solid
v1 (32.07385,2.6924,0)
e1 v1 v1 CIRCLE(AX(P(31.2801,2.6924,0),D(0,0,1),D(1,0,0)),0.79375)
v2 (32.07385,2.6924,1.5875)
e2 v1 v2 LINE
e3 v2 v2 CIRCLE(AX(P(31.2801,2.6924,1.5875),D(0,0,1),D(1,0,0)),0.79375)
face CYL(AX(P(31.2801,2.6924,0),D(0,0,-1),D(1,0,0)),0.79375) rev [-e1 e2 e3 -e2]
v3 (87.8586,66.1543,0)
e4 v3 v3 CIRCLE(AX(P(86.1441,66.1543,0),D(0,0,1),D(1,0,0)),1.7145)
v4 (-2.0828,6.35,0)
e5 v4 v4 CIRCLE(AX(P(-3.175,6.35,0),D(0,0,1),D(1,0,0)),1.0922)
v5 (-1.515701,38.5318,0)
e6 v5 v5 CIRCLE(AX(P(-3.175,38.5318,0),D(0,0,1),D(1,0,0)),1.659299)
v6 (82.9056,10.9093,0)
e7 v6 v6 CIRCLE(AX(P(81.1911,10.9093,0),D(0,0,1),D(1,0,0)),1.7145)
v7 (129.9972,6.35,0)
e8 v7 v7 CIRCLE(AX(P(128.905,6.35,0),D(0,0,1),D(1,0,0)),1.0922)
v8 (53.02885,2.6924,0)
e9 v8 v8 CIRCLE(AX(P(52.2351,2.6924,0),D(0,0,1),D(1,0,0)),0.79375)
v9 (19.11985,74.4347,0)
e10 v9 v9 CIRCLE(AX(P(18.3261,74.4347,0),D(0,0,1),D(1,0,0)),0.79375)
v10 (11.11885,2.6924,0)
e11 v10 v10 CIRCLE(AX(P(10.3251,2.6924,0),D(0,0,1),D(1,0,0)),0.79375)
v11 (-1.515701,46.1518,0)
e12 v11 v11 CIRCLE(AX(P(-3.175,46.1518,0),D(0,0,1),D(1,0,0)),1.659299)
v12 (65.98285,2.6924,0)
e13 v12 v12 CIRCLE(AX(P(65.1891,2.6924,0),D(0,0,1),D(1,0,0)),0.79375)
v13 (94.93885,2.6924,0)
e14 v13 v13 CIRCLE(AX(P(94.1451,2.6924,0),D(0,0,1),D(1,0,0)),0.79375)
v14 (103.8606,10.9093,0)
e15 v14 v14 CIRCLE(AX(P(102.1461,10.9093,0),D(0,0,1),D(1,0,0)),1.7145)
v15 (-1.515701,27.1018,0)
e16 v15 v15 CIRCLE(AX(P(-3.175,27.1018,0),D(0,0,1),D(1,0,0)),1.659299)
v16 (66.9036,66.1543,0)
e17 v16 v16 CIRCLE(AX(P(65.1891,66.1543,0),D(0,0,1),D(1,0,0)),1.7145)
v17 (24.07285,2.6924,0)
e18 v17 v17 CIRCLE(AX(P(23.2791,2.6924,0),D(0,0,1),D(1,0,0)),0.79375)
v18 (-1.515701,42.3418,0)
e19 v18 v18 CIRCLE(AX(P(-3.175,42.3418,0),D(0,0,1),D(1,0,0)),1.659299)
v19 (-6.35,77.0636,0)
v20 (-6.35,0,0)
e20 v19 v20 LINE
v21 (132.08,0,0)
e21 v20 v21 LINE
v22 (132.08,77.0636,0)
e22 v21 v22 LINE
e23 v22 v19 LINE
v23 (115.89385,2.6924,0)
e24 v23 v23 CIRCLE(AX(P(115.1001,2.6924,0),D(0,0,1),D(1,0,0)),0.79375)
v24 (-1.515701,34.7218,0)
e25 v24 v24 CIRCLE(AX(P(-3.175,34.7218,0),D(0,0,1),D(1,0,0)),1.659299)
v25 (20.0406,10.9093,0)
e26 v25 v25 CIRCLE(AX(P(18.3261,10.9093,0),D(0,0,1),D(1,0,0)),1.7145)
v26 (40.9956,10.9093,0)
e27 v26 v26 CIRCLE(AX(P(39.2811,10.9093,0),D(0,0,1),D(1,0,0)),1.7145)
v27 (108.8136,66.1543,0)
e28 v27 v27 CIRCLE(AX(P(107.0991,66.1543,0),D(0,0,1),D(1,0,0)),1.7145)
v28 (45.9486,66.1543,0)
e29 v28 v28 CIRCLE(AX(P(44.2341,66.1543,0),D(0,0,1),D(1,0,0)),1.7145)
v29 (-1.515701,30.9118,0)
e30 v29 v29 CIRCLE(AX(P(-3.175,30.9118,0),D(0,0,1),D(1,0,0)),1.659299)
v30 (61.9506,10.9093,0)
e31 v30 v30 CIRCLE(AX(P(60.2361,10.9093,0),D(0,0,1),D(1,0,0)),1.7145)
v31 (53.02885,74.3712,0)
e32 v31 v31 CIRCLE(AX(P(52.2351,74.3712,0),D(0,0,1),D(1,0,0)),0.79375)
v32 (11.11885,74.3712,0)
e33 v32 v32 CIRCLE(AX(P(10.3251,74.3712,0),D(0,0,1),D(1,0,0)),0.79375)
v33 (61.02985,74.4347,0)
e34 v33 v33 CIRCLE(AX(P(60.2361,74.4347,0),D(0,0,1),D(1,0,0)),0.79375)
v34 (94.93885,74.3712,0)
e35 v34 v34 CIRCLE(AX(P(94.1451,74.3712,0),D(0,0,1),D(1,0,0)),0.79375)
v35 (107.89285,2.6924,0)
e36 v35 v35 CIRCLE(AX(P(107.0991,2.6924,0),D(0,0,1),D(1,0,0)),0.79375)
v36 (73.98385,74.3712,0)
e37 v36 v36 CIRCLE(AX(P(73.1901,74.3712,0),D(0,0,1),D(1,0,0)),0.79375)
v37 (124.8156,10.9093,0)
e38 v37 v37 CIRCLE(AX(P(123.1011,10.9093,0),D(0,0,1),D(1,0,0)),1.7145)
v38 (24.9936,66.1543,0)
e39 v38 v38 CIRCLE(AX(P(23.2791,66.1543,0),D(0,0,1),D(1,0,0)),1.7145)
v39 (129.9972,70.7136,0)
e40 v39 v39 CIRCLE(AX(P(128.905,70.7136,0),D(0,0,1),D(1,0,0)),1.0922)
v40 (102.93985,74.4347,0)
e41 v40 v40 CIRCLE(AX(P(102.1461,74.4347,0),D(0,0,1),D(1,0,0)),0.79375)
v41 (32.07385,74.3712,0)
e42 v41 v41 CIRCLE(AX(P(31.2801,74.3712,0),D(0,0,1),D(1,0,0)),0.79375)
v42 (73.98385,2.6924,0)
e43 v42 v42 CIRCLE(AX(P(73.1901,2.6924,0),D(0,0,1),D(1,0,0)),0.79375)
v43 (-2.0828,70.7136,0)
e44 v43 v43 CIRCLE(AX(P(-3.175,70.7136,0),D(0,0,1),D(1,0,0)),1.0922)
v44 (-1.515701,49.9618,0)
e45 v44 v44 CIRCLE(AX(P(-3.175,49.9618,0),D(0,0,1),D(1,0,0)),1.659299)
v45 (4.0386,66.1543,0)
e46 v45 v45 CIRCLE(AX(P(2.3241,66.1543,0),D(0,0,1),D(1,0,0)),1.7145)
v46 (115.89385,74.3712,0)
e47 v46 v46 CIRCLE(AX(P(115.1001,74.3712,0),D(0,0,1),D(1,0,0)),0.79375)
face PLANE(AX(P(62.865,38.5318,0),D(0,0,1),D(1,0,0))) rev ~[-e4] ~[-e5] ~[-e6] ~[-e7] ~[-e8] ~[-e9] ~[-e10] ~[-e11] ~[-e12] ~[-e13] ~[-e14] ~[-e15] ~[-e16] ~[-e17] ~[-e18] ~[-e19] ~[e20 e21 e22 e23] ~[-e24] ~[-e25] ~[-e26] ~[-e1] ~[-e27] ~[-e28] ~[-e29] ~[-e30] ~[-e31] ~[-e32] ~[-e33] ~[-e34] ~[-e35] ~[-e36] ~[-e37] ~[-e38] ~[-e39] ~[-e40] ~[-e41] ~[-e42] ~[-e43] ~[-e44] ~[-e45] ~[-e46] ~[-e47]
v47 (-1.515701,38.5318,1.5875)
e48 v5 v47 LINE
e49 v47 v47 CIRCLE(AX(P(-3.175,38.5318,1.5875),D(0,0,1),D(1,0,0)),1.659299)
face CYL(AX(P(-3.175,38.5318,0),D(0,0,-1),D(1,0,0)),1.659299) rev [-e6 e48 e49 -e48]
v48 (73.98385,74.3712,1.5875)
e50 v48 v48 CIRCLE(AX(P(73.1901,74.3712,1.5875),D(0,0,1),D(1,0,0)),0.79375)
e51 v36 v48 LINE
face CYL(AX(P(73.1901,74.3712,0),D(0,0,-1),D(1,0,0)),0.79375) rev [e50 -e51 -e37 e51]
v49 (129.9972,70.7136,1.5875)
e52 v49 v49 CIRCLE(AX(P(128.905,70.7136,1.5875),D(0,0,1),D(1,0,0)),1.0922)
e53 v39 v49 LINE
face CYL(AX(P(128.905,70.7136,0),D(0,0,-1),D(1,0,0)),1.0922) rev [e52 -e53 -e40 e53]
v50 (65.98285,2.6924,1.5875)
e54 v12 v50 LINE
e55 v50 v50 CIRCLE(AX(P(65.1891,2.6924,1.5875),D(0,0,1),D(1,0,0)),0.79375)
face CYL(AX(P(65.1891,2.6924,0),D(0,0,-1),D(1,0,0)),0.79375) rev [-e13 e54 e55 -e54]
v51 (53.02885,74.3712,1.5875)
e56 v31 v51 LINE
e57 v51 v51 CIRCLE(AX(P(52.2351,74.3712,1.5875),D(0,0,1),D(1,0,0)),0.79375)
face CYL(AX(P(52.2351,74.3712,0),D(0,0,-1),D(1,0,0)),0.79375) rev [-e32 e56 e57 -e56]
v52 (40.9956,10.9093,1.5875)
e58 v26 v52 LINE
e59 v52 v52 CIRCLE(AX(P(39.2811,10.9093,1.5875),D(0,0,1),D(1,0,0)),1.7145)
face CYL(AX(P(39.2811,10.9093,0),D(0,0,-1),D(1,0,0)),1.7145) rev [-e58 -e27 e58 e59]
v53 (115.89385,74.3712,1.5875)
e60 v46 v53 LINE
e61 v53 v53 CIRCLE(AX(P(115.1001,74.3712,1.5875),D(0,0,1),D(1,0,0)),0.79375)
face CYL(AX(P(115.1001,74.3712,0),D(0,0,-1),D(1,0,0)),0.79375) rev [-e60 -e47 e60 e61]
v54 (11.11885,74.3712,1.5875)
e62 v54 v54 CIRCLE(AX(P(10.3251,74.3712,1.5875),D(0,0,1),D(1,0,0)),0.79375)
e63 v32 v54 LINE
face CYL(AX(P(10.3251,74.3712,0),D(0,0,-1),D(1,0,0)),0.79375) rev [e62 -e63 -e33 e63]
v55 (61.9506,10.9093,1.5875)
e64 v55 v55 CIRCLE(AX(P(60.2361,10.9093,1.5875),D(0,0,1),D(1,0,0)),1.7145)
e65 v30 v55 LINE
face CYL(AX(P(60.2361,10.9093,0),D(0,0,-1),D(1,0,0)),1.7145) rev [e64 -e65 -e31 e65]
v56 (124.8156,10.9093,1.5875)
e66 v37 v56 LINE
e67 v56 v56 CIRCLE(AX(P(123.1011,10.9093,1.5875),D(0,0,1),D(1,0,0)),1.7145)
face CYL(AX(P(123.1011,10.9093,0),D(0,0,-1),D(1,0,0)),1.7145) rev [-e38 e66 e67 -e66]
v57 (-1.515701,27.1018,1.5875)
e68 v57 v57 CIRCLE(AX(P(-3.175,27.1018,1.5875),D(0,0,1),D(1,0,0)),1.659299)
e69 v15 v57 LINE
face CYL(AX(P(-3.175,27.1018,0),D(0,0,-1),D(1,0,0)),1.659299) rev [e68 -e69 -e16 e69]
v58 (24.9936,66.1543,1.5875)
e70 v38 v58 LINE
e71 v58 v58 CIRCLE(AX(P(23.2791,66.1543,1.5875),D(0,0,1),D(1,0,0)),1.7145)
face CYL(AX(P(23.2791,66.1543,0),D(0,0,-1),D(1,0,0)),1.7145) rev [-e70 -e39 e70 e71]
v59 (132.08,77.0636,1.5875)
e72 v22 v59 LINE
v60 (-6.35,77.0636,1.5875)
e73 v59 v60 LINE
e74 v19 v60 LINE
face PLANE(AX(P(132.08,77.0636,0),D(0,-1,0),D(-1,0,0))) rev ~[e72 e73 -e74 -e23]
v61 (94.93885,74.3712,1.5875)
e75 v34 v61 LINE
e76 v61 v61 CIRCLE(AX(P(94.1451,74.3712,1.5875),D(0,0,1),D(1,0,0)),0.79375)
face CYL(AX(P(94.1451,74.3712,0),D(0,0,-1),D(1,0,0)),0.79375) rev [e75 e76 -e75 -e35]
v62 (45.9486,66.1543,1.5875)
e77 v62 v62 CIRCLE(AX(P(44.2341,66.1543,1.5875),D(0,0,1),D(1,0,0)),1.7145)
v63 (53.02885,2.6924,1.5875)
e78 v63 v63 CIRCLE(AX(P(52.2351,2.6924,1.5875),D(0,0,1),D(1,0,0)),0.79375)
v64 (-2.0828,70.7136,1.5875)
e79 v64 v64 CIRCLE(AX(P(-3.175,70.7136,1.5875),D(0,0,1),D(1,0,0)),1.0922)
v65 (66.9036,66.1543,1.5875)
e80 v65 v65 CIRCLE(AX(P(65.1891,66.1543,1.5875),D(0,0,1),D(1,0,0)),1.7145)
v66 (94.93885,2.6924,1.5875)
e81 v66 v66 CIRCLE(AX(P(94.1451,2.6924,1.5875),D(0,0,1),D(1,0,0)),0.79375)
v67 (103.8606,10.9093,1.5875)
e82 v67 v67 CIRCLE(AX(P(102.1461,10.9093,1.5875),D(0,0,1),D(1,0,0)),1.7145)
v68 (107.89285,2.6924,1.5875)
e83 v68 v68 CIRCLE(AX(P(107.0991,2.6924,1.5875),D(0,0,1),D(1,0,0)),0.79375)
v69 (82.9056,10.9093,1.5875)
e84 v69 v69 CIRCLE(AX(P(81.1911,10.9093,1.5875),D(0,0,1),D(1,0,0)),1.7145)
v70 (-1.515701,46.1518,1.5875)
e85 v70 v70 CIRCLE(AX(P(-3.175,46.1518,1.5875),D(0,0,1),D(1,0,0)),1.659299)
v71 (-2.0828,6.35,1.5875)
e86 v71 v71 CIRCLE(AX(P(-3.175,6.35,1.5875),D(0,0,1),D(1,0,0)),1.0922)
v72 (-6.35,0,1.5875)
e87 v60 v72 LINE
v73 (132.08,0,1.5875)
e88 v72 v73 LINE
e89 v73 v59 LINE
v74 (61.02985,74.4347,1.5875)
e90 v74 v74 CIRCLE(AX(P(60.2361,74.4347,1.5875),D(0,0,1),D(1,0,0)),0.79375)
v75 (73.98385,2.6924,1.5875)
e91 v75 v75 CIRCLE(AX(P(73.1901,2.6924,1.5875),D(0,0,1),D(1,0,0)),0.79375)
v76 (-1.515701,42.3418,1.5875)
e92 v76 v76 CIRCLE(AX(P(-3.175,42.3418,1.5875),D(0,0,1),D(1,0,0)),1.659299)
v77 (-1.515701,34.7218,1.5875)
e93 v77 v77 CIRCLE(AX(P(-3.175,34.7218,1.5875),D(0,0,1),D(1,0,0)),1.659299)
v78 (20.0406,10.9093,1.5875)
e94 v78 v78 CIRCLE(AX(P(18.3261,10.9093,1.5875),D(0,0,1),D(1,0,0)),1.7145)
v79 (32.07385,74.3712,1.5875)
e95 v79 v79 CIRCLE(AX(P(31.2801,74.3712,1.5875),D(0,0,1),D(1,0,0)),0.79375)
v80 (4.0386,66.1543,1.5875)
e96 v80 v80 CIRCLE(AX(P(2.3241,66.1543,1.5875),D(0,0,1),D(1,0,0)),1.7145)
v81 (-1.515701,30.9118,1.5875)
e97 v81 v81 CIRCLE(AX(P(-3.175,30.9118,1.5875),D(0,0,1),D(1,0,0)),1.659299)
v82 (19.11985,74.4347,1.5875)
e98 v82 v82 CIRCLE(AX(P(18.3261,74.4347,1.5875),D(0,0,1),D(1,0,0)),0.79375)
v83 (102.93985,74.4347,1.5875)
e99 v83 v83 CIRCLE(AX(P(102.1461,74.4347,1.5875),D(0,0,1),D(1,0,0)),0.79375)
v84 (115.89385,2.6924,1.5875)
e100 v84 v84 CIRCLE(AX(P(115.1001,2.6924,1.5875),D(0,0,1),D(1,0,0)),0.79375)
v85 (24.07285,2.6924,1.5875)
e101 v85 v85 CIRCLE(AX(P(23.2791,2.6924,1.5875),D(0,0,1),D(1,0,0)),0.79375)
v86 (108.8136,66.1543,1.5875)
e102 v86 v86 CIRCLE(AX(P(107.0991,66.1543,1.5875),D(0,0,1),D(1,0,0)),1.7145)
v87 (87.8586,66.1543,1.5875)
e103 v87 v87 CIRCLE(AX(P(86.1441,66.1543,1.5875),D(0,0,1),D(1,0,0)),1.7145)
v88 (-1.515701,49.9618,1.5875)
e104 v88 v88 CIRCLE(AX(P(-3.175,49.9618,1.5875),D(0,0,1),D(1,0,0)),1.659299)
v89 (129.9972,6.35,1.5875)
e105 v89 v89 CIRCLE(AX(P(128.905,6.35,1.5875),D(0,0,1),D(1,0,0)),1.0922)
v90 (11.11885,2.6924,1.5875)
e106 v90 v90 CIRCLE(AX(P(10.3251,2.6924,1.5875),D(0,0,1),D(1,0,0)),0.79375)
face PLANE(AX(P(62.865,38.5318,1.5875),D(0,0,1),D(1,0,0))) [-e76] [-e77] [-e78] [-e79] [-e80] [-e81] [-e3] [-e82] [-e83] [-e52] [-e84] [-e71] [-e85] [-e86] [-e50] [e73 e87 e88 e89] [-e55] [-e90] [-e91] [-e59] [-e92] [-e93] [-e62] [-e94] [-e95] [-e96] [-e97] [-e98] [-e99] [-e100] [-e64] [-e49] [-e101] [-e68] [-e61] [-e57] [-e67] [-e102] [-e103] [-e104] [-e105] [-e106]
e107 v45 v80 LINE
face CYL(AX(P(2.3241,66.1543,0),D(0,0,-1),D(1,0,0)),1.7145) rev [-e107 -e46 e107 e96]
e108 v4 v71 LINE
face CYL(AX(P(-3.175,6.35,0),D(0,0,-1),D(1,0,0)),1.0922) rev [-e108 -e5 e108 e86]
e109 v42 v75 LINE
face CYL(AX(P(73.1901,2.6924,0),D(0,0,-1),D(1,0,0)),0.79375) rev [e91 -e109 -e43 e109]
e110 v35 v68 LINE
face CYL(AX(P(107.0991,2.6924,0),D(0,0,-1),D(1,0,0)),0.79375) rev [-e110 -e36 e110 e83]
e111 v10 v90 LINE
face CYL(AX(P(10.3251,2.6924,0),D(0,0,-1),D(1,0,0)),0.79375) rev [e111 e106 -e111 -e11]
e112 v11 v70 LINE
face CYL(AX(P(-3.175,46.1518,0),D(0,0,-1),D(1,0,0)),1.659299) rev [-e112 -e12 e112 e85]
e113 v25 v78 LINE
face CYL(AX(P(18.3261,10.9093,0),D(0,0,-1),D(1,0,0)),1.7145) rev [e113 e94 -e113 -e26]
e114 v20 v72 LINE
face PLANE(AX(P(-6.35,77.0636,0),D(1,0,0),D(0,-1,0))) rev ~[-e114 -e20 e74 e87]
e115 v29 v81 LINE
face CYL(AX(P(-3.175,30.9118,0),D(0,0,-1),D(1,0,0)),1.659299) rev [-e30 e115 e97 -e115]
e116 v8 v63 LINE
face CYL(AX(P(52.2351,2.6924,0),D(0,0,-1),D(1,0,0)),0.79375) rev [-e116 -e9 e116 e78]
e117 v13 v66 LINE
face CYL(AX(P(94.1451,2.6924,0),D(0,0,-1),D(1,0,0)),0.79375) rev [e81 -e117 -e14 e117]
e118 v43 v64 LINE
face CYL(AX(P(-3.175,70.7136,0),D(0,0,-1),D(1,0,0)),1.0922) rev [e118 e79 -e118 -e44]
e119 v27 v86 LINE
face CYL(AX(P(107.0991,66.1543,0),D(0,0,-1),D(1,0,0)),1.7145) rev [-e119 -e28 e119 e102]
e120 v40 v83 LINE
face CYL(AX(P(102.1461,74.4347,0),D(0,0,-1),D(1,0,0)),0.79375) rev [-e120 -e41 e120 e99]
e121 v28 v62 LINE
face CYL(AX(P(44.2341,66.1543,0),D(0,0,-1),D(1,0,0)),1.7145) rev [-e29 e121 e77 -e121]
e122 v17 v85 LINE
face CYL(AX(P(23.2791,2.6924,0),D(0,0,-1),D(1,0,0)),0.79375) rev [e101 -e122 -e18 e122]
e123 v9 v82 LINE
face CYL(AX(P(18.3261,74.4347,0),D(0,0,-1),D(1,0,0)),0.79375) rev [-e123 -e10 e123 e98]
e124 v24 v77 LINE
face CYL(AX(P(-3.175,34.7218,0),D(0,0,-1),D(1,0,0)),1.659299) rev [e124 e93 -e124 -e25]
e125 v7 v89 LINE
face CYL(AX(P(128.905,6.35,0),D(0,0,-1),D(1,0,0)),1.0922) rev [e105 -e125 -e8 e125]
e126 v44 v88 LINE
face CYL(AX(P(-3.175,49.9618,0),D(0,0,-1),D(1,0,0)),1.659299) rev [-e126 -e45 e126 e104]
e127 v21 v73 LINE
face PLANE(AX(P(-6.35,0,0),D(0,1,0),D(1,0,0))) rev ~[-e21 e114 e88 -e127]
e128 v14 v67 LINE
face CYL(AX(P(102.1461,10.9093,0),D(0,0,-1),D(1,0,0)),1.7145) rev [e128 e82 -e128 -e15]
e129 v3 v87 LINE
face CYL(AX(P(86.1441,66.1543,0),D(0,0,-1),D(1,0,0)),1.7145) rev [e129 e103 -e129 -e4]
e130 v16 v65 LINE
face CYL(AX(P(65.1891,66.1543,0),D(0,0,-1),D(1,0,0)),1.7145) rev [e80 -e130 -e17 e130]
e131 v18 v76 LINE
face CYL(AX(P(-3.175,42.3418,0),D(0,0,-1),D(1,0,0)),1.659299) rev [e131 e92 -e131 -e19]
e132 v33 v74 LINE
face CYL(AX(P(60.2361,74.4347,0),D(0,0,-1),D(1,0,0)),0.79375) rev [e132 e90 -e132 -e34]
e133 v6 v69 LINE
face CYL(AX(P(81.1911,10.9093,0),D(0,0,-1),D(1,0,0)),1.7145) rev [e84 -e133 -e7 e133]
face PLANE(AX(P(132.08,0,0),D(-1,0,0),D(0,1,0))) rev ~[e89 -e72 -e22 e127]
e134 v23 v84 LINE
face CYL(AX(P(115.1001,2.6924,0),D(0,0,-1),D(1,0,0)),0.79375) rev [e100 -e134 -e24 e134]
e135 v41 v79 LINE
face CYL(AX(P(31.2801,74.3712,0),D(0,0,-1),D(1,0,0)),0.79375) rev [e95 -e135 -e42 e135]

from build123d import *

# Parameters (mm, degrees)
SKETCH1_R           = 0.79375
SKETCH1_R_2         = 1.7145
SKETCH1_R_3         = 1.0922
SKETCH1_R_4         = 1.659299133
BOSS_EXTRUDE1_DEPTH = 1.5875


with BuildPart() as part:
    # Sketch1 → Boss-Extrude1 (new body)
    with BuildSketch(Plane.XY):
        Polygon((0, 0), (132.08, 0), (132.08, 77.0636), (0, 77.0636), (-6.35, 77.0636), (-6.35, 0), align=None)
        with Locations((10.3251, 74.3712)):
            Circle(SKETCH1_R, mode=Mode.SUBTRACT)
        with Locations((10.3251, 2.6924)):
            Circle(SKETCH1_R, mode=Mode.SUBTRACT)
        with Locations((2.3241, 66.1543)):
            Circle(SKETCH1_R_2, mode=Mode.SUBTRACT)
        with Locations((18.3261, 74.4347)):
            Circle(SKETCH1_R, mode=Mode.SUBTRACT)
        with Locations((18.3261, 10.9093)):
            Circle(SKETCH1_R_2, mode=Mode.SUBTRACT)
        with Locations((23.2791, 66.1543)):
            Circle(SKETCH1_R_2, mode=Mode.SUBTRACT)
        with Locations((31.2801, 74.3712)):
            Circle(SKETCH1_R, mode=Mode.SUBTRACT)
        with Locations((31.2801, 2.6924)):
            Circle(SKETCH1_R, mode=Mode.SUBTRACT)
        with Locations((39.2811, 10.9093)):
            Circle(SKETCH1_R_2, mode=Mode.SUBTRACT)
        with Locations((65.1891, 66.1543)):
            Circle(SKETCH1_R_2, mode=Mode.SUBTRACT)
        with Locations((73.1901, 2.6924)):
            Circle(SKETCH1_R, mode=Mode.SUBTRACT)
        with Locations((81.1911, 10.9093)):
            Circle(SKETCH1_R_2, mode=Mode.SUBTRACT)
        with Locations((73.1901, 74.3712)):
            Circle(SKETCH1_R, mode=Mode.SUBTRACT)
        with Locations((65.1891, 2.6924)):
            Circle(SKETCH1_R, mode=Mode.SUBTRACT)
        with Locations((52.2351, 74.3712)):
            Circle(SKETCH1_R, mode=Mode.SUBTRACT)
        with Locations((44.2341, 66.1543)):
            Circle(SKETCH1_R_2, mode=Mode.SUBTRACT)
        with Locations((-3.175, 70.7136)):
            Circle(SKETCH1_R_3, mode=Mode.SUBTRACT)
        with Locations((-3.175, 6.35)):
            Circle(SKETCH1_R_3, mode=Mode.SUBTRACT)
        with Locations((60.2361, 10.9093)):
            Circle(SKETCH1_R_2, mode=Mode.SUBTRACT)
        with Locations((52.2351, 2.6924)):
            Circle(SKETCH1_R, mode=Mode.SUBTRACT)
        with Locations((107.0991, 66.1543)):
            Circle(SKETCH1_R_2, mode=Mode.SUBTRACT)
        with Locations((115.1001, 2.6924)):
            Circle(SKETCH1_R, mode=Mode.SUBTRACT)
        with Locations((123.1011, 10.9093)):
            Circle(SKETCH1_R_2, mode=Mode.SUBTRACT)
        with Locations((60.2361, 74.4347)):
            Circle(SKETCH1_R, mode=Mode.SUBTRACT)
        with Locations((102.1461, 74.4347)):
            Circle(SKETCH1_R, mode=Mode.SUBTRACT)
        with Locations((94.1451, 74.3712)):
            Circle(SKETCH1_R, mode=Mode.SUBTRACT)
        with Locations((86.1441, 66.1543)):
            Circle(SKETCH1_R_2, mode=Mode.SUBTRACT)
        with Locations((102.1461, 10.9093)):
            Circle(SKETCH1_R_2, mode=Mode.SUBTRACT)
        with Locations((94.1451, 2.6924)):
            Circle(SKETCH1_R, mode=Mode.SUBTRACT)
        with Locations((128.905, 70.7136)):
            Circle(SKETCH1_R_3, mode=Mode.SUBTRACT)
        with Locations((128.905, 6.35)):
            Circle(SKETCH1_R_3, mode=Mode.SUBTRACT)
        with Locations((23.2791, 2.6924)):
            Circle(SKETCH1_R, mode=Mode.SUBTRACT)
        with Locations((115.1001, 74.3712)):
            Circle(SKETCH1_R, mode=Mode.SUBTRACT)
        with Locations((107.0991, 2.6924)):
            Circle(SKETCH1_R, mode=Mode.SUBTRACT)
        with Locations((-3.175, 38.5318)):
            Circle(SKETCH1_R_4, mode=Mode.SUBTRACT)
        with Locations((-3.175, 42.3418)):
            Circle(SKETCH1_R_4, mode=Mode.SUBTRACT)
        with Locations((-3.175, 46.1518)):
            Circle(SKETCH1_R_4, mode=Mode.SUBTRACT)
        with Locations((-3.175, 49.9618)):
            Circle(SKETCH1_R_4, mode=Mode.SUBTRACT)
        with Locations((-3.175, 34.7218)):
            Circle(SKETCH1_R_4, mode=Mode.SUBTRACT)
        with Locations((-3.175, 30.9118)):
            Circle(SKETCH1_R_4, mode=Mode.SUBTRACT)
        with Locations((-3.175, 27.1018)):
            Circle(SKETCH1_R_4, mode=Mode.SUBTRACT)
    extrude(amount=BOSS_EXTRUDE1_DEPTH)


solid = part.part
